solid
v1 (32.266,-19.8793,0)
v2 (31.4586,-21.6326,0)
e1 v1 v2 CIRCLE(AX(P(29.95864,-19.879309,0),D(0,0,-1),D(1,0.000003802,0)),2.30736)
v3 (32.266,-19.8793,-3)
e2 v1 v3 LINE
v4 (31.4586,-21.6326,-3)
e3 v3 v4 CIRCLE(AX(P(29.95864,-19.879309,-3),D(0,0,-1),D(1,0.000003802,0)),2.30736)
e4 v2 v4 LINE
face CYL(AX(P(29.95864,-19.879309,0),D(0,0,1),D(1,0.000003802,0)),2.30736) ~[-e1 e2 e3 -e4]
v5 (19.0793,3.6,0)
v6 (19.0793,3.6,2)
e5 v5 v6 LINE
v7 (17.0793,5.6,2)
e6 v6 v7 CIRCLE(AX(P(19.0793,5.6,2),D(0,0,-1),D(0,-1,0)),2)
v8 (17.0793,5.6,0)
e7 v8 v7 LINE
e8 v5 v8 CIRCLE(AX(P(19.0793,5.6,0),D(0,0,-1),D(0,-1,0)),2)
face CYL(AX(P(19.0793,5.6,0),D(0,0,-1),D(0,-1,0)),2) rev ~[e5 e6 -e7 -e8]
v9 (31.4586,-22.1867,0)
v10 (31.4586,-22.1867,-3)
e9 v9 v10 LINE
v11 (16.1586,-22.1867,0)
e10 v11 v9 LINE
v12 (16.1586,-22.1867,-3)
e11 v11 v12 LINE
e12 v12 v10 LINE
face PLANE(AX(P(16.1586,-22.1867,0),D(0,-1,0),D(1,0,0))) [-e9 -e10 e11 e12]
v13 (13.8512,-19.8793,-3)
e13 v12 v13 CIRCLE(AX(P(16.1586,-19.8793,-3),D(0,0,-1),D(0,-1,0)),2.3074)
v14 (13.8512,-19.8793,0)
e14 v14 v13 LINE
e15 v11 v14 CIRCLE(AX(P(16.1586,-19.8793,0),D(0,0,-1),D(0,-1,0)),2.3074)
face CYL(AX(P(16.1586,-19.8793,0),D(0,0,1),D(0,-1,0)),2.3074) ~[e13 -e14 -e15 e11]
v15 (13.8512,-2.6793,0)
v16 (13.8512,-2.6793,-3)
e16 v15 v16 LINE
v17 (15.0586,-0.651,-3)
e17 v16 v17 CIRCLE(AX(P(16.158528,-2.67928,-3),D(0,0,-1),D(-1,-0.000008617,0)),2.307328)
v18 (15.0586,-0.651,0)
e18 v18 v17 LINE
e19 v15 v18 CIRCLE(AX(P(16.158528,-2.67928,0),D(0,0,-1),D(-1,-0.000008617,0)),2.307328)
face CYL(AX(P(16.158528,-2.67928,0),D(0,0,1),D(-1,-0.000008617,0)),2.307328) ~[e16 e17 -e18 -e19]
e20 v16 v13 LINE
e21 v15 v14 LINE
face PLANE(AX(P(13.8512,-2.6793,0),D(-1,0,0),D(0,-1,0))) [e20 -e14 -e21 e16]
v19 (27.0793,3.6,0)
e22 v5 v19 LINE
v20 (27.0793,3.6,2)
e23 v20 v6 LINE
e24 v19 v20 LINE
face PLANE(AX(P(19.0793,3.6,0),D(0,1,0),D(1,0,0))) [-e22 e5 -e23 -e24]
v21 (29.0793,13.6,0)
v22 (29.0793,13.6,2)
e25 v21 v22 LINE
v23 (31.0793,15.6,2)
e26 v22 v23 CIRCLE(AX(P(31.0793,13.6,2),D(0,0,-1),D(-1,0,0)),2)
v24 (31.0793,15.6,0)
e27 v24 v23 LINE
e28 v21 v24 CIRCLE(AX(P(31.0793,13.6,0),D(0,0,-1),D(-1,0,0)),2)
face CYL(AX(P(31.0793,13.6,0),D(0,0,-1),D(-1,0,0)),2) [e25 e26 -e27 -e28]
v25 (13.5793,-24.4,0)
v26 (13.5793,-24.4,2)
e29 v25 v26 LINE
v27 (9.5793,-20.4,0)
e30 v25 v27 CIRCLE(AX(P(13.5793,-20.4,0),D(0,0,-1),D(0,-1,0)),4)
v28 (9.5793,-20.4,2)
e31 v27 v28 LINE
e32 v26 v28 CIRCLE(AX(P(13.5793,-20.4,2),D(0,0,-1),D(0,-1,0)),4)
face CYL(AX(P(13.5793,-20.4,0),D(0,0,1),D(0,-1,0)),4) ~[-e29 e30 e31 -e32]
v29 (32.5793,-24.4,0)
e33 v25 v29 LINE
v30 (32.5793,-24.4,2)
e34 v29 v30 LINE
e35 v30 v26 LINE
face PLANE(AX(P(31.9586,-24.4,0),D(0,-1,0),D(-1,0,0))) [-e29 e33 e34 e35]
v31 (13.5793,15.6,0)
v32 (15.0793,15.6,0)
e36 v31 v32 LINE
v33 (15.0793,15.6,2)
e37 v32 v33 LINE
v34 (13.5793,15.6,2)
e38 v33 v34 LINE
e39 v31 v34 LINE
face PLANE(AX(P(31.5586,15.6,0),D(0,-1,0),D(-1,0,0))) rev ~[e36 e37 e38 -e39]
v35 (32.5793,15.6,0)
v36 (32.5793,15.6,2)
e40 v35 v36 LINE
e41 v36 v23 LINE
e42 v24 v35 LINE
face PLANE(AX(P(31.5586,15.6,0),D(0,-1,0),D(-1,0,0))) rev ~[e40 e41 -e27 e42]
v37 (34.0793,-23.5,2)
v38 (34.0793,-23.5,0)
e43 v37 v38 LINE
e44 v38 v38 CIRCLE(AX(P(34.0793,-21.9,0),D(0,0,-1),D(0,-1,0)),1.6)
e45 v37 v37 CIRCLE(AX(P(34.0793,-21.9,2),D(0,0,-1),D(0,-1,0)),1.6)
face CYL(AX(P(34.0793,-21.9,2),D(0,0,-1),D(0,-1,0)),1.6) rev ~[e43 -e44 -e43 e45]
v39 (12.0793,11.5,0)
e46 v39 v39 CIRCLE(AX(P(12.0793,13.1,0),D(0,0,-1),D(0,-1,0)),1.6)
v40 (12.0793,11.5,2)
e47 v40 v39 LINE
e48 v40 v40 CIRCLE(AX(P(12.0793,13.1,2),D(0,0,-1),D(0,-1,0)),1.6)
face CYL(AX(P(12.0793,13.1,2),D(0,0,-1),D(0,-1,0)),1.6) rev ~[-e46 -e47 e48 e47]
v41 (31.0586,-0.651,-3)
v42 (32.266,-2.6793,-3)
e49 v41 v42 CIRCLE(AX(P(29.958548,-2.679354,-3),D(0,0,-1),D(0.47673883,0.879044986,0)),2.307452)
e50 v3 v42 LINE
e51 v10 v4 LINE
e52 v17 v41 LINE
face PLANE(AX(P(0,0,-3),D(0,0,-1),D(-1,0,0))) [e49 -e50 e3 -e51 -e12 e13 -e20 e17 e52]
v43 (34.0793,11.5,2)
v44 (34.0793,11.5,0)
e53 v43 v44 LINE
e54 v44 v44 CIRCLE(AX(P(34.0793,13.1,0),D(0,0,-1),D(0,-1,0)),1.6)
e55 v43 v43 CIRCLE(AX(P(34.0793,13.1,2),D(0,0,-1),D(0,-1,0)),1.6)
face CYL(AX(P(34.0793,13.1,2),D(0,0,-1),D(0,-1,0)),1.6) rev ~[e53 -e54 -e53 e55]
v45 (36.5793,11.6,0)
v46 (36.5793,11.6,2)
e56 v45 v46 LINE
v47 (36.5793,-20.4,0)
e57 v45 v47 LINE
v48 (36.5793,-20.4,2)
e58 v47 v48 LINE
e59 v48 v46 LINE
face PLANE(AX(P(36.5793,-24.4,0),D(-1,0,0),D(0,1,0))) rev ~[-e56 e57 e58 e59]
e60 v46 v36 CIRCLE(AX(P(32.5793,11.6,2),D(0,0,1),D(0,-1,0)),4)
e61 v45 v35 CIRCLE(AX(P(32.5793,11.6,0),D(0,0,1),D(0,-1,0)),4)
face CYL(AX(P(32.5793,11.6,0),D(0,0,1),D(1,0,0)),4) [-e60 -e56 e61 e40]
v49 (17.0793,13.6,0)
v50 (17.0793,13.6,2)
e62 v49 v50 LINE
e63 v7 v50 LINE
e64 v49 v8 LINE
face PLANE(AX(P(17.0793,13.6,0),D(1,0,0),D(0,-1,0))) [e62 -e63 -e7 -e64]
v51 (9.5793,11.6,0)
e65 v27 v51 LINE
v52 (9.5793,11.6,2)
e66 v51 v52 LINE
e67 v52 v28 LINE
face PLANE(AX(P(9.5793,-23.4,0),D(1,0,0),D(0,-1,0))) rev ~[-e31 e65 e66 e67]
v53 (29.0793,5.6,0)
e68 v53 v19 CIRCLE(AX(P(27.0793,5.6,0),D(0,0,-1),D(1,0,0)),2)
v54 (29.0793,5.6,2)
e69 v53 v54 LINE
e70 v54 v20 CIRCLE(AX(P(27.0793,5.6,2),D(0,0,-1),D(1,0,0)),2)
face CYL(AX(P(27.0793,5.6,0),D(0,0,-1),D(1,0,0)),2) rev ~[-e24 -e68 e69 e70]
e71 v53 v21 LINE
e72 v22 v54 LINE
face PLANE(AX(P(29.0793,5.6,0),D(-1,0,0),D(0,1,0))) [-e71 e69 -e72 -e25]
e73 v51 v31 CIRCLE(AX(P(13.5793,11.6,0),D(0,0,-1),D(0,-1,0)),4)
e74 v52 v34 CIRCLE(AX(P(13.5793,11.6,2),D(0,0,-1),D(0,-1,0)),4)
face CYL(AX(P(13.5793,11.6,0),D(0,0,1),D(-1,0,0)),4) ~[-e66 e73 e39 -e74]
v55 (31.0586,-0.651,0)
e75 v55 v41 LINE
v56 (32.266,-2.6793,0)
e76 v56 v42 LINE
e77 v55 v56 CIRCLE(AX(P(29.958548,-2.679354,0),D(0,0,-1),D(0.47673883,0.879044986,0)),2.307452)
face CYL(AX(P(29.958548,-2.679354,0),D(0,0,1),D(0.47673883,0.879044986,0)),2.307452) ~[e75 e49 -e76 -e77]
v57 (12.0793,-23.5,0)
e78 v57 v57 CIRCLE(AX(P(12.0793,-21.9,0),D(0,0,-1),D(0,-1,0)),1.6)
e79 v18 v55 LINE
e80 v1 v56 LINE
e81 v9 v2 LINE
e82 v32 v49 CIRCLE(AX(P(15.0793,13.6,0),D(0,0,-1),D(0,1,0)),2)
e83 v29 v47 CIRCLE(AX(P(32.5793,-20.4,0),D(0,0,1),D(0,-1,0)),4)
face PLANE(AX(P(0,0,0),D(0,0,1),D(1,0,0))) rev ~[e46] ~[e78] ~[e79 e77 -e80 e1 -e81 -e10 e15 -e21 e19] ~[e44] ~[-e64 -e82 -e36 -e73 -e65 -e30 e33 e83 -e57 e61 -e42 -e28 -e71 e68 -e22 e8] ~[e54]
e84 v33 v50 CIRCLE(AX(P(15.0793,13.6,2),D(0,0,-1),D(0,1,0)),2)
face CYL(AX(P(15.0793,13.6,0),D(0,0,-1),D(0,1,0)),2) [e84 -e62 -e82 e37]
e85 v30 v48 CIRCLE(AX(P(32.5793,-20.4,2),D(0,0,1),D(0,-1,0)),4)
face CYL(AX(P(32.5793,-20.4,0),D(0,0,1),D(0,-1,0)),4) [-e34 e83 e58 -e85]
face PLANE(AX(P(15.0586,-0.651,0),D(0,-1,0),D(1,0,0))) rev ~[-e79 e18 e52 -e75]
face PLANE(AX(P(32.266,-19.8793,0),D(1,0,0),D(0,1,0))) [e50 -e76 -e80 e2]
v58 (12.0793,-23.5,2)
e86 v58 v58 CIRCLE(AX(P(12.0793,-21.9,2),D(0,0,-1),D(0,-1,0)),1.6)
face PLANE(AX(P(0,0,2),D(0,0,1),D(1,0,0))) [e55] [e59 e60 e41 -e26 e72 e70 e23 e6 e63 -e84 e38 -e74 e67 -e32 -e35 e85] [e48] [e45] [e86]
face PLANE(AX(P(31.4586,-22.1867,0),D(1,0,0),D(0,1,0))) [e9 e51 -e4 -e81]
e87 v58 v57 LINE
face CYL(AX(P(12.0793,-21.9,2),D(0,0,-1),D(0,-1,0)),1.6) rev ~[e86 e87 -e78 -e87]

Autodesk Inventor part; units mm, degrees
ref_plane "YZ Plane" through (0, 0, 0) normal (1, 0, 0) x (0, 1, 0)
ref_plane "XZ Plane" through (0, 0, 0) normal (0, 1, 0) x (-1, 0, 0)
ref_plane "XY Plane" through (0, 0, 0) normal (0, 0, 1) x (1, 0, 0)
ref_plane "Arbeitsebene1" through (0, 0, 0) normal (0, 0, 1) x (1, 0, 0)
sketch "Skizze1" plane through (0, 0, 0) normal (0, 0, 1) x (1, 0, 0)
  line L0 (31.9586, -24.4) -> (31.9586, -21.8494) projected
  line L1 (31.9586, -24.4) -> (35.5793, -24.4) projected
  arc A0 (35.5793, -24.4) -> (36.5793, -23.4) centre (35.5793, -23.4) ccw projected
  line L2 (36.5793, -23.4) -> (36.5793, 14.6) projected
  arc A1 (36.5793, 14.6) -> (35.5793, 15.6) centre (35.5793, 14.6) ccw projected
  line L3 (35.5793, 15.6) -> (31.5586, 15.6) projected
  line L4 (31.5586, 15.6) -> (31.5586, -0.3724) projected
  arc A2 (32.766, -2.6793) -> (31.5586, -0.3724) centre (29.9586, -2.6793) ccw projected
  line L5 (32.766, -2.6793) -> (32.766, -19.8793) projected
  arc A3 (31.9586, -21.8494) -> (32.766, -19.8793) centre (29.9586, -19.8793) ccw projected
  line L6 (20.9586, -22.6867) -> (20.9586, -24.4) projected
  line L7 (20.9586, -22.6867) -> (16.1586, -22.6867) projected
  arc A4 (13.3512, -19.8793) -> (16.1586, -22.6867) centre (16.1586, -19.8793) ccw projected
  line L8 (13.3512, -19.8793) -> (13.3512, -2.6793) projected
  arc A5 (14.5586, -0.3724) -> (13.3512, -2.6793) centre (16.1586, -2.6793) ccw projected
  line L9 (14.5586, -0.3724) -> (14.5586, 15.6) projected
  line L10 (14.5586, 15.6) -> (10.5793, 15.6) projected
  arc A6 (10.5793, 15.6) -> (9.5793, 14.6) centre (10.5793, 14.6) ccw projected
  line L11 (9.5793, 14.6) -> (9.5793, -23.4) projected
  arc A7 (9.5793, -23.4) -> (10.5793, -24.4) centre (10.5793, -23.4) ccw projected
  line L12 (10.5793, -24.4) -> (20.9586, -24.4) projected
  circle A8 centre (12.0668, 4.4966) radius 1.4 projected
  line L13 (31.5586, 15.6) -> (14.5586, 15.6)
  line L14 (31.9586, -24.4) -> (20.9586, -24.4)
  line L15 (10.5793, 15.6) -> (9.5793, 15.6)
  line L16 (9.5793, 15.6) -> (9.5793, 14.6)
  line L17 (35.5793, 15.6) -> (36.5793, 15.6)
  line L18 (36.5793, 15.6) -> (36.5793, 14.6)
  line L19 (9.5793, -23.4) -> (9.5793, -24.4)
  line L20 (9.5793, -24.4) -> (10.5793, -24.4)
  line L21 (35.5793, -24.4) -> (36.5793, -24.4)
  line L22 (36.5793, -24.4) -> (36.5793, -23.4)
extrude "Extrusion1" add sketch "Skizze1" along normal blind 2 contours L14 L6 L7 A4 L8 A5 L9 L13 L4 A2 L5 A3 L0 | L0 A3 L5 A2 L4 L3 A1 L2 A0 L1 | A0 L22 L21 | L12 A7 L11 A6 L10 L9 A5 L8 A4 L7 L6 | L20 L19 A7 | A1 L17 L18 | L16 L15 A6 | A8
ref_plane "Arbeitsebene2" through (0, 0, 0) normal (0, 0, 1) x (1, 0, 0)
sketch "Skizze2" plane through (0, 0, 2) normal (0, 0, 1) x (1, 0, 0)
  arc A0 (35.5793, -24.4) -> (36.5793, -23.4) centre (35.5793, -23.4) ccw projected
  line L0 (36.5793, -23.4) -> (36.5793, 14.6) projected
  arc A1 (36.5793, 14.6) -> (35.5793, 15.6) centre (35.5793, 14.6) ccw projected
  line L1 (35.5793, 15.6) -> (10.5793, 15.6) projected
  arc A2 (10.5793, 15.6) -> (9.5793, 14.6) centre (10.5793, 14.6) ccw projected
  line L2 (9.5793, 14.6) -> (9.5793, -23.4) projected
  arc A3 (9.5793, -23.4) -> (10.5793, -24.4) centre (10.5793, -23.4) ccw projected
  line L3 (10.5793, -24.4) -> (35.5793, -24.4) projected
  line L4 (34.0793, 13.1) -> (34.0793, -21.9)
  line L5 (34.0793, -21.9) -> (12.0793, -21.9)
  line L6 (12.0793, -21.9) -> (12.0793, 13.1)
  line L7 (12.0793, 13.1) -> (34.0793, 13.1)
  point P0 (8.0712, 15)
  point P1 (8.0712, -15)
  point P2 (38.0712, 15)
  point P3 (38.0712, -15)
  dimension "d21" = 2.5
hole "Bohrung1" at (34.0793, 13.1, 2) at (34.0793, -21.9, 2) at (12.0793, -21.9, 2) at (12.0793, 13.1, 2) direction (0, 0, -1) diameter 3.2 end through all
sketch "Skizze4" plane through (0, 0, 0) normal (0, 0, -1) x (-1, 0, 0)
  circle A0 centre (-34.0793, 13.1) radius 1.4 projected
  circle A1 centre (-34.0793, -21.9) radius 1.4 projected
  line L0 (-31.9586, -24.4) -> (-31.9586, -21.8494) projected
  line L1 (-31.9586, -24.4) -> (-35.5793, -24.4) projected
  arc A2 (-36.5793, -23.4) -> (-35.5793, -24.4) centre (-35.5793, -23.4) ccw projected
  line L2 (-36.5793, -23.4) -> (-36.5793, 14.6) projected
  arc A3 (-35.5793, 15.6) -> (-36.5793, 14.6) centre (-35.5793, 14.6) ccw projected
  line L3 (-35.5793, 15.6) -> (-31.5586, 15.6) projected
  line L4 (-31.5586, 15.6) -> (-31.5586, -0.3724) projected
  arc A4 (-31.5586, -0.3724) -> (-32.766, -2.6793) centre (-29.9586, -2.6793) ccw projected
  line L5 (-32.766, -2.6793) -> (-32.766, -19.8793) projected
  arc A5 (-32.766, -19.8793) -> (-31.9586, -21.8494) centre (-29.9586, -19.8793) ccw projected
  circle A6 centre (-12.0793, -21.9) radius 1.4 projected
  circle A7 centre (-12.0793, 13.1) radius 1.4 projected
  line L6 (-20.9586, -22.6867) -> (-20.9586, -24.4) projected
  line L7 (-20.9586, -22.6867) -> (-16.1586, -22.6867) projected
  arc A8 (-16.1586, -22.6867) -> (-13.3512, -19.8793) centre (-16.1586, -19.8793) ccw projected
  line L8 (-13.3512, -19.8793) -> (-13.3512, -2.6793) projected
  arc A9 (-13.3512, -2.6793) -> (-14.5586, -0.3724) centre (-16.1586, -2.6793) ccw projected
  line L9 (-14.5586, -0.3724) -> (-14.5586, 15.6) projected
  line L10 (-14.5586, 15.6) -> (-10.5793, 15.6) projected
  arc A10 (-9.5793, 14.6) -> (-10.5793, 15.6) centre (-10.5793, 14.6) ccw projected
  line L11 (-9.5793, 14.6) -> (-9.5793, -23.4) projected
  arc A11 (-10.5793, -24.4) -> (-9.5793, -23.4) centre (-10.5793, -23.4) ccw projected
  line L12 (-10.5793, -24.4) -> (-20.9586, -24.4) projected
  circle A12 centre (-12.0668, 4.4966) radius 1.4 projected
  line L13 (-31.0586, -0.651) -> (-31.0586, 16.1)
  line L14 (-31.0586, 16.1) -> (-35.5793, 16.1)
  arc A13 (-35.5793, 16.1) -> (-37.0793, 14.6) centre (-35.5793, 14.6) ccw
  line L15 (-37.0793, 14.6) -> (-37.0793, -23.4)
  arc A14 (-37.0793, -23.4) -> (-35.5793, -24.9) centre (-35.5793, -23.4) ccw
  line L16 (-35.5793, -24.9) -> (-31.4586, -24.9)
  line L17 (-31.4586, -24.9) -> (-31.4586, -21.6326)
  arc A15 (-32.266, -19.8793) -> (-31.4586, -21.6326) centre (-29.9586, -19.8793) ccw
  line L18 (-32.266, -19.8793) -> (-32.266, -2.6793)
  arc A16 (-31.0586, -0.651) -> (-32.266, -2.6793) centre (-29.9586, -2.6793) ccw
  line L19 (-15.0586, 16.1) -> (-15.0586, -0.651)
  arc A17 (-13.8512, -2.6793) -> (-15.0586, -0.651) centre (-16.1586, -2.6793) ccw
  line L20 (-13.8512, -2.6793) -> (-13.8512, -19.8793)
  arc A18 (-16.1586, -22.1867) -> (-13.8512, -19.8793) centre (-16.1586, -19.8793) ccw
  line L21 (-16.1586, -22.1867) -> (-21.4586, -22.1867)
  line L22 (-21.4586, -24.4607) -> (-21.4586, -24.9)
  line L23 (-21.4586, -24.9) -> (-10.5793, -24.9)
  arc A19 (-10.5793, -24.9) -> (-9.0793, -23.4) centre (-10.5793, -23.4) ccw
  line L24 (-9.0793, -23.4) -> (-9.0793, 14.6)
  arc A20 (-9.0793, 14.6) -> (-10.5793, 16.1) centre (-10.5793, 14.6) ccw
  line L25 (-10.5793, 16.1) -> (-15.0586, 16.1)
  line L26 (-31.0586, 15.6607) -> (-15.0586, 15.6607)
  line L27 (-31.4586, -24.4607) -> (-21.4586, -24.4607)
  line L28 (-15.0586, -0.651) -> (-31.0586, -0.651)
  line L29 (-20.9586, -22.6867) -> (-20.9586, -22.1867)
  line L30 (-20.9586, -22.1867) -> (-31.9586, -22.1867)
  point P0 (0, 0)
  point P1 (-31.4586, -22.1867)
  dimension "d22" = 0.5
  dimension "d23" = 0.5
extrude "Extrusion2" add sketch "Skizze4" along normal blind 3 contours L17 A15 L18 A16 L28 A17 L20 A18 L21 L30
fillet "Rundung2" radius 4 4 edges at (9.5793, 15.6, 1) (36.5793, 15.6, 1) (9.5793, -24.4, 1) (36.5793, -24.4, 1)
sketch "Skizze5" plane through (0, 0, 0) normal (0, 0, -1) x (-1, 0, 0)
  circle A0 centre (-23.0793, -4.4) radius 4.25 projected
  circle A1 centre (-12.0668, 4.4966) radius 1.4 projected
  circle A2 centre (-34.0668, 4.4966) radius 1.4 projected
  circle A3 centre (-12.0793, 13.1) radius 1.4 projected
  circle A4 centre (-34.0793, -21.9) radius 1.4 projected
  circle A5 centre (-34.0793, 13.1) radius 1.4 projected
  circle A6 centre (-12.0793, -21.9) radius 1.4 projected
  arc A7 (-29.0793, 13.6) -> (-31.0793, 15.6) centre (-31.0793, 13.6) ccw projected
  line L0 (-32.5793, 15.6) -> (-31.0793, 15.6) projected
  arc A8 (-32.5793, 15.6) -> (-36.5793, 11.6) centre (-32.5793, 11.6) ccw projected
  line L1 (-36.5793, -20.4) -> (-36.5793, 11.6) projected
  arc A9 (-36.5793, -20.4) -> (-32.5793, -24.4) centre (-32.5793, -20.4) ccw projected
  line L2 (-13.5793, -24.4) -> (-32.5793, -24.4) projected
  arc A10 (-13.5793, -24.4) -> (-9.5793, -20.4) centre (-13.5793, -20.4) ccw projected
  line L3 (-9.5793, 11.6) -> (-9.5793, -20.4) projected
  arc A11 (-9.5793, 11.6) -> (-13.5793, 15.6) centre (-13.5793, 11.6) ccw projected
  line L4 (-15.0793, 15.6) -> (-13.5793, 15.6) projected
  arc A12 (-15.0793, 15.6) -> (-17.0793, 13.6) centre (-15.0793, 13.6) ccw projected
  line L5 (-17.0793, 13.6) -> (-17.0793, 5.6) projected
  arc A13 (-19.0793, 3.6) -> (-17.0793, 5.6) centre (-19.0793, 5.6) ccw projected
  line L6 (-19.0793, 3.6) -> (-27.0793, 3.6) projected
  arc A14 (-29.0793, 5.6) -> (-27.0793, 3.6) centre (-27.0793, 5.6) ccw projected
  line L7 (-29.0793, 5.6) -> (-29.0793, 13.6) projected
  line L8 (-32.5793, 15.6) -> (-13.5793, 15.6) projected
  point P0 (0, 0)
extrude "Extrusion3" cut sketch "Skizze5" against normal blind 10 contours A7 L8 A12 L5 A13 L6 A14 L7
properties part number "00_ESP32_XIAO_Adapter_lid"
